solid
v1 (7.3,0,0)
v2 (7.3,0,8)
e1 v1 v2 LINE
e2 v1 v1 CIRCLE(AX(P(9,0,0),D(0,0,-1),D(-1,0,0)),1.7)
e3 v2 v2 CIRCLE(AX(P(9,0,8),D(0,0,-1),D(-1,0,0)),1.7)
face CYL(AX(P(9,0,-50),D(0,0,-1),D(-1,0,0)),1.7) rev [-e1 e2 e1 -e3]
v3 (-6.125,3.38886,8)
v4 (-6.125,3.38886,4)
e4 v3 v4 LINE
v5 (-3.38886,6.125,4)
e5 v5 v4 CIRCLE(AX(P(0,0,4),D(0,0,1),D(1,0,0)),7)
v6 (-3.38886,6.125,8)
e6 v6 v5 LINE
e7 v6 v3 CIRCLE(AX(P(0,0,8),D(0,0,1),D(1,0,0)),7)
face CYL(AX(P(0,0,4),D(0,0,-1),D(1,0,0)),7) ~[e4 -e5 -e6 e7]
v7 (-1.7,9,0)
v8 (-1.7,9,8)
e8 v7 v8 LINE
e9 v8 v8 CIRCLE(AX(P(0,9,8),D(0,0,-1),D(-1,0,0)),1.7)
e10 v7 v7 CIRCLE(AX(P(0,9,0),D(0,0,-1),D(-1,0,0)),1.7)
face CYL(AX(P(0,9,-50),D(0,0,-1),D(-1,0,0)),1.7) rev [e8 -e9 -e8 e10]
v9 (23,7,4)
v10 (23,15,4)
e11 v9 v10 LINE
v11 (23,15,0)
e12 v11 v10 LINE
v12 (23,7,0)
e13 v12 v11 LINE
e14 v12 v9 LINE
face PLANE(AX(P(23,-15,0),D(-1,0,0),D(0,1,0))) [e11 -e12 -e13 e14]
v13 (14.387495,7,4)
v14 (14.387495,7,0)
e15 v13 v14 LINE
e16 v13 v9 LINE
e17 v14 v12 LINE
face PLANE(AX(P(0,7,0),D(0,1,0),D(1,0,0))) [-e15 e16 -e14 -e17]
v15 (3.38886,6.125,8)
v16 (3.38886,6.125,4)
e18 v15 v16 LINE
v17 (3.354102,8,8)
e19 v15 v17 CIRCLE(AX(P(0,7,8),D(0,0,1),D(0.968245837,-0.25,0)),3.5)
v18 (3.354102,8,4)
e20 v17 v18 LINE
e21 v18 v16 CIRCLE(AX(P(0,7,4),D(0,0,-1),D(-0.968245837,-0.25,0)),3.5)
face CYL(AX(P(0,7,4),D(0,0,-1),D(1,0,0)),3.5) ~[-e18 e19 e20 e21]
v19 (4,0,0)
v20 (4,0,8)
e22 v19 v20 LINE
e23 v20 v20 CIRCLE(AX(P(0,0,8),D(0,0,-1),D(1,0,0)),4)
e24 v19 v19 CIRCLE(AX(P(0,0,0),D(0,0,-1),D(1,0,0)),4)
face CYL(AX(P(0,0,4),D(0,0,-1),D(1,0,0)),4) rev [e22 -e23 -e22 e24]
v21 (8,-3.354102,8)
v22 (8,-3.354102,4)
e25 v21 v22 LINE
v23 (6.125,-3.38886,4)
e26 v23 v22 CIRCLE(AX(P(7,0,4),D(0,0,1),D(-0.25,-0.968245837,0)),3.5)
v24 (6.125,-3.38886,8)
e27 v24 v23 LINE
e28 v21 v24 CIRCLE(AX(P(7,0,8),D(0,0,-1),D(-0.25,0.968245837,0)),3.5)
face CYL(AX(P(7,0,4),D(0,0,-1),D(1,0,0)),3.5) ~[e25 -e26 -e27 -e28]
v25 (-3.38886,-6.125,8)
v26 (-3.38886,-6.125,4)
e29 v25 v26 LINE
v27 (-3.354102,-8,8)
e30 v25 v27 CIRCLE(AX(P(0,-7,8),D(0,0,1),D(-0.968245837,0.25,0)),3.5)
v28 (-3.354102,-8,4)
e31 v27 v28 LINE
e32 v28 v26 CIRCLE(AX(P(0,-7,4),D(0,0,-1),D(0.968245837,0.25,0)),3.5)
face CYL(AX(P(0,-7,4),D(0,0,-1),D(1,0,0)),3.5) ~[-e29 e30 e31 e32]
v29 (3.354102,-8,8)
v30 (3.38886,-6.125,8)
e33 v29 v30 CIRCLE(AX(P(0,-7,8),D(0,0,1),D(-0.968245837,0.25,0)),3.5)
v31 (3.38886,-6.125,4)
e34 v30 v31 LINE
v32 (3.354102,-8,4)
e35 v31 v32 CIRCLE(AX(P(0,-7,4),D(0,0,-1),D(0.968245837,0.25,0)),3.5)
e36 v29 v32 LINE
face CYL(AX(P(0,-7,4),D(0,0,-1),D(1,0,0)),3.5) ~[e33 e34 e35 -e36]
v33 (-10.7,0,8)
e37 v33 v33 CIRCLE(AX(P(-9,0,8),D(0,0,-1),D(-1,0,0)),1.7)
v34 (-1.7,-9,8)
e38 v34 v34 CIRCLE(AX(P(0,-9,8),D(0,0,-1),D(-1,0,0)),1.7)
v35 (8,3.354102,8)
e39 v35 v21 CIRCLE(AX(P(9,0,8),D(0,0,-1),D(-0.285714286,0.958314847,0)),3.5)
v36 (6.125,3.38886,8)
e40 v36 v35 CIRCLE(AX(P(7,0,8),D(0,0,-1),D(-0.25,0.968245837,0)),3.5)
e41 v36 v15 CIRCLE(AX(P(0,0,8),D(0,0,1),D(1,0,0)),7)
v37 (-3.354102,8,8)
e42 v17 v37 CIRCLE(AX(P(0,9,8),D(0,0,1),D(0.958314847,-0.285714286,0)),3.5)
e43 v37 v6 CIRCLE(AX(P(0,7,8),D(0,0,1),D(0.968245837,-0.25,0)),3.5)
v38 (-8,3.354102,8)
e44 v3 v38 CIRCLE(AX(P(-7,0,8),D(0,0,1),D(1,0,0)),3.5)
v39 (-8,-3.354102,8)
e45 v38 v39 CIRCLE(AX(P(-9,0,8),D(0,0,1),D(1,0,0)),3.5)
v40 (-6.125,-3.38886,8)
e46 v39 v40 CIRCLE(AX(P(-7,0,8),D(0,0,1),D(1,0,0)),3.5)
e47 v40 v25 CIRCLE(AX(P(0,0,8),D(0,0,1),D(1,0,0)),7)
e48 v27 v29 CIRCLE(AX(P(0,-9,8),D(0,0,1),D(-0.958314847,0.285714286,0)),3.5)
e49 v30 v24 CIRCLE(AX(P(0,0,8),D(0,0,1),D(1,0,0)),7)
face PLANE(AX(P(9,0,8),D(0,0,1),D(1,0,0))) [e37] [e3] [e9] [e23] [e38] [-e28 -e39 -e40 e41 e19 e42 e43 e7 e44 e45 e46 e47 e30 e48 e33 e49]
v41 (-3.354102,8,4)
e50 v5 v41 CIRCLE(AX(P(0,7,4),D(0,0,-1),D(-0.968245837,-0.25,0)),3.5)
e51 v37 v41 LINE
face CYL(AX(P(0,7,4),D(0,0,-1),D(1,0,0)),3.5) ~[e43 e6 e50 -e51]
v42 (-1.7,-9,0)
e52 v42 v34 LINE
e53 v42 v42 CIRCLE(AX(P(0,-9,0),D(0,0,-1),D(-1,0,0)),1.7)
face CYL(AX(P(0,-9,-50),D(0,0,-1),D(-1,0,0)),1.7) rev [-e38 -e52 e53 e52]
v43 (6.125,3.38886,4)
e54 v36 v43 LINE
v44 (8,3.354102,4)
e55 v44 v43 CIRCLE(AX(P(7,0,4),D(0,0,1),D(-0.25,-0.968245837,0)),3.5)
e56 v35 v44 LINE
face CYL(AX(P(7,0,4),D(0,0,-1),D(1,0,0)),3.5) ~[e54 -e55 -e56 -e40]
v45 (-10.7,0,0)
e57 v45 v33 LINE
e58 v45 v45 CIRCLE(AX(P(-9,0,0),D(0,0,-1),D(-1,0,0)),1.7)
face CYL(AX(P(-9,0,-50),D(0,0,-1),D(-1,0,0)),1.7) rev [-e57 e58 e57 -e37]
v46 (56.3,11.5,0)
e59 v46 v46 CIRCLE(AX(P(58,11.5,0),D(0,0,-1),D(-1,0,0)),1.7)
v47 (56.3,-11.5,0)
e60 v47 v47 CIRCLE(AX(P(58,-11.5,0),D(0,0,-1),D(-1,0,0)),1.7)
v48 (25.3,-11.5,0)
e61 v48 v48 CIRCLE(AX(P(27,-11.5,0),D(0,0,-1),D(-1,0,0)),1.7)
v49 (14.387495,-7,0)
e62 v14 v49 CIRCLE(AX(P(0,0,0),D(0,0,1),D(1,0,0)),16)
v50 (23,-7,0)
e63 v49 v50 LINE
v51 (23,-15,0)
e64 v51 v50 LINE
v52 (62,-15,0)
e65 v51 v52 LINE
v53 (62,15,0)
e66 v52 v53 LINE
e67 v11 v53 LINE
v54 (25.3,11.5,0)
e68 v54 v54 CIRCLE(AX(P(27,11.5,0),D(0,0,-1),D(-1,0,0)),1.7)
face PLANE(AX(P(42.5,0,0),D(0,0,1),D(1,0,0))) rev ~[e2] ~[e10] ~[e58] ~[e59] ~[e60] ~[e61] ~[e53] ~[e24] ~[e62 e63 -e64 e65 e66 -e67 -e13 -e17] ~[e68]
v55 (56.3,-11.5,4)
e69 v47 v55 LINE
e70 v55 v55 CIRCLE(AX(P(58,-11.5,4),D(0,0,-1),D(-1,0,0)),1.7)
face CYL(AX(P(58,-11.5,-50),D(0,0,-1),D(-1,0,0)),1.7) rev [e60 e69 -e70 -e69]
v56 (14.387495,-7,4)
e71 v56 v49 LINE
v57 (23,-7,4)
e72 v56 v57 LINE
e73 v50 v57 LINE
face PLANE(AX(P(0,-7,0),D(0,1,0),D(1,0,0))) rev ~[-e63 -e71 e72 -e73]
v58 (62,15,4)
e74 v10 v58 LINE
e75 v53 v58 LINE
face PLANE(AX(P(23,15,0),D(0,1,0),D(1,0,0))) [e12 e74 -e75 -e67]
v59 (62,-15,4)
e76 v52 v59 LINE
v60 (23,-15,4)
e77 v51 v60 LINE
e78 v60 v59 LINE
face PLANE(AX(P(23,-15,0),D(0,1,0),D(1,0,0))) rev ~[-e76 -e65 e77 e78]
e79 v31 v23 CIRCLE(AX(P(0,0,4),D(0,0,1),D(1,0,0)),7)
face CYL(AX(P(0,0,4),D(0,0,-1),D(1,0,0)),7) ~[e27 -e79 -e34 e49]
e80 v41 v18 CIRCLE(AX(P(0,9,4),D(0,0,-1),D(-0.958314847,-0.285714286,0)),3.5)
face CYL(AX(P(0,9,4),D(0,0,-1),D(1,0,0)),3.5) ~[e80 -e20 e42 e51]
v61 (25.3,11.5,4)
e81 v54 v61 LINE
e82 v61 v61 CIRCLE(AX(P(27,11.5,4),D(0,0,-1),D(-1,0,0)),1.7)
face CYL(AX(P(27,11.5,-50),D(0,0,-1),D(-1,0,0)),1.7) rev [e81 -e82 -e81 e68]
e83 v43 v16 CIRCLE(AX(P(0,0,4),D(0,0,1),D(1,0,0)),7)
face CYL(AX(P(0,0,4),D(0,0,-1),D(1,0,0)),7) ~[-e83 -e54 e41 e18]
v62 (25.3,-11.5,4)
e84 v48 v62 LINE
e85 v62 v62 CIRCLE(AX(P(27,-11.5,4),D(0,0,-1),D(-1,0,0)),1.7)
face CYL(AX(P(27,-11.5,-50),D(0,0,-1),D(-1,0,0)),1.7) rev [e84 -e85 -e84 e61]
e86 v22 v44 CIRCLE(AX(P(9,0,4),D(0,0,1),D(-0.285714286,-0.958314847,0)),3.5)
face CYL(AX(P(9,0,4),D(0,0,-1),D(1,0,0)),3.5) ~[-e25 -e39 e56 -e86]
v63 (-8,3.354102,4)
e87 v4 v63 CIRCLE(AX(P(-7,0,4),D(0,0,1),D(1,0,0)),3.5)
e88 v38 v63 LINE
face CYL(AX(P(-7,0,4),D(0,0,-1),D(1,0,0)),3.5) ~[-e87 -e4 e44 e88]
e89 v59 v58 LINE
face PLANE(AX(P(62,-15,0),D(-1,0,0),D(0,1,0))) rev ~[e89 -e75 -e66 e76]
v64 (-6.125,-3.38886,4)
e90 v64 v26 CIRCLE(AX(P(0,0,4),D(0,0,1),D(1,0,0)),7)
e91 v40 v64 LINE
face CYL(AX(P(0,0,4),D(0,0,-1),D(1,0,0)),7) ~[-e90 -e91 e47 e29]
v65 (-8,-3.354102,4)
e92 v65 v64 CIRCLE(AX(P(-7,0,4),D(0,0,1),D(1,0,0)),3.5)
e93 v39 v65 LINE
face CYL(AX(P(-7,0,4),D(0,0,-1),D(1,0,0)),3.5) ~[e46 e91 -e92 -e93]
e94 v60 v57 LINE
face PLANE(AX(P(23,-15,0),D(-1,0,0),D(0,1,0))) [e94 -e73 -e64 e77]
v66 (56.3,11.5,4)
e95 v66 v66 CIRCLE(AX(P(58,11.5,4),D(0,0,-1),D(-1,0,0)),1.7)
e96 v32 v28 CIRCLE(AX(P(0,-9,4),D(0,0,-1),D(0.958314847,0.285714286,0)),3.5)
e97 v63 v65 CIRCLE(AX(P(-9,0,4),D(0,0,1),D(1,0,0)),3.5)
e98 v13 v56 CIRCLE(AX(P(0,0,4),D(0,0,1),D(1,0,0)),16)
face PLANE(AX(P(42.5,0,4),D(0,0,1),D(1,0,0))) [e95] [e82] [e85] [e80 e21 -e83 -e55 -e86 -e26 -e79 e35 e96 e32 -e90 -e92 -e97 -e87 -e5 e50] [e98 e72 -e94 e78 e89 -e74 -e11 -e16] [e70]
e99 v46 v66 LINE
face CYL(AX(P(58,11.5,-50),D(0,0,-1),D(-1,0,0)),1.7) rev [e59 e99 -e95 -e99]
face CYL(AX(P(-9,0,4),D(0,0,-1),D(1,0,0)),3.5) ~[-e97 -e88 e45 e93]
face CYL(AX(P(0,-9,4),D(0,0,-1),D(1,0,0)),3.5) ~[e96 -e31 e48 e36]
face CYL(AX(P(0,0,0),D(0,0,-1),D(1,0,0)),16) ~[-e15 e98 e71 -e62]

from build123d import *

# Parameters (mm, degrees)
METAL_HORN_FLANGE_PROFILE_R              = 16
METAL_HORN_FLANGE_DEPTH                  = 4
STRAIGHT_FOREARM_WEB_PROFILE_W           = 28
STRAIGHT_FOREARM_WEB_PROFILE_H           = 14
STRAIGHT_FOREARM_WEB_DEPTH               = 4
REPLACEABLE_TOOL_MOUNTING_DECK_PROFILE_W = 39
REPLACEABLE_TOOL_MOUNTING_DECK_PROFILE_H = 30
REPLACEABLE_TOOL_MOUNTING_DECK_DEPTH     = 4
DOWEL_SUPPORT_HUB_START                  = 4
DOWEL_SUPPORT_HUB_PROFILE_R              = 7
DOWEL_SUPPORT_HUB_PROFILE_R_2            = 4
DOWEL_SUPPORT_HUB_DEPTH                  = 4
WASHER_SEATS_CLEAR_DOWEL_SLEEVE_START    = 4
RAISED_WASHER_SEATS_PCD14_R              = 3.5
WASHER_SEATS_CLEAR_DOWEL_SLEEVE_DEPTH    = 4
ELBOW_SLEEVE_BORE_START                  = -50
ELBOW_SLEEVE_BORE_PROFILE_R              = 4
ELBOW_SLEEVE_BORE_DEPTH                  = 115.52906322
MODULAR_TOOL_FOUR_M3_PATTERN_START       = -50
MODULAR_TOOL_FOUR_M3_PATTERN_PROFILE_R   = 1.7
MODULAR_TOOL_FOUR_M3_PATTERN_DEPTH       = 115.52906322
PRINTED_HUB_M3_WASHER_SEATS_PCD18_START  = 4
PRINTED_HUB_WASHER_SEATS_PCD18_PROFILE_R = 3.5
PRINTED_HUB_M3_WASHER_SEATS_PCD18_DEPTH  = 4
PRINTED_HUB_M3_CLEARANCE_PCD18_START     = -50
PRINTED_HUB_M3_CLEARANCE_PCD18_PROFILE_R = 1.7
PRINTED_HUB_M3_CLEARANCE_PCD18_DEPTH     = 115.52906322


with BuildPart() as part:
    # Metal_horn_flange_profile → Metal_horn_flange (new body)
    with BuildSketch(Plane.XY):
        Circle(METAL_HORN_FLANGE_PROFILE_R)
    extrude(amount=METAL_HORN_FLANGE_DEPTH)

    # Straight_forearm_web_profile → Straight_forearm_web (add)
    with BuildSketch(Plane.XY):
        with Locations((14, 0)):
            Rectangle(STRAIGHT_FOREARM_WEB_PROFILE_W, STRAIGHT_FOREARM_WEB_PROFILE_H)
    extrude(amount=STRAIGHT_FOREARM_WEB_DEPTH)

    # Replaceable_tool_mounting_deck_profile → Replaceable_tool_mounting_deck (add)
    with BuildSketch(Plane.XY):
        with Locations((42.5, 0)):
            Rectangle(REPLACEABLE_TOOL_MOUNTING_DECK_PROFILE_W, REPLACEABLE_TOOL_MOUNTING_DECK_PROFILE_H)
    extrude(amount=REPLACEABLE_TOOL_MOUNTING_DECK_DEPTH)

    # Dowel_support_hub_profile → Dowel_support_hub (add)
    with BuildSketch(Plane.XY.offset(DOWEL_SUPPORT_HUB_START)):
        Circle(DOWEL_SUPPORT_HUB_PROFILE_R)
        Circle(DOWEL_SUPPORT_HUB_PROFILE_R_2, mode=Mode.SUBTRACT)
    extrude(amount=DOWEL_SUPPORT_HUB_DEPTH)

    # Raised_washer_seats_PCD14 → Washer_seats_clear_dowel_sleeve (add)
    with BuildSketch(Plane.XY.offset(WASHER_SEATS_CLEAR_DOWEL_SLEEVE_START)):
        with Locations((7, 0)):
            Circle(RAISED_WASHER_SEATS_PCD14_R)
        with Locations((-7, 0)):
            Circle(RAISED_WASHER_SEATS_PCD14_R)
        with Locations((0, 7)):
            Circle(RAISED_WASHER_SEATS_PCD14_R)
        with Locations((0, -7)):
            Circle(RAISED_WASHER_SEATS_PCD14_R)
    extrude(amount=WASHER_SEATS_CLEAR_DOWEL_SLEEVE_DEPTH)

    # Elbow_sleeve_bore_profile → Elbow_sleeve_bore (cut, through all)
    with BuildSketch(Plane.XY.offset(ELBOW_SLEEVE_BORE_START)):
        Circle(ELBOW_SLEEVE_BORE_PROFILE_R)
    extrude(amount=ELBOW_SLEEVE_BORE_DEPTH, mode=Mode.SUBTRACT)

    # Modular_tool_four_M3_pattern_profile → Modular_tool_four_M3_pattern (cut, through all)
    with BuildSketch(Plane.XY.offset(MODULAR_TOOL_FOUR_M3_PATTERN_START)):
        with Locations((27, -11.5)):
            Circle(MODULAR_TOOL_FOUR_M3_PATTERN_PROFILE_R)
        with Locations((27, 11.5)):
            Circle(MODULAR_TOOL_FOUR_M3_PATTERN_PROFILE_R)
        with Locations((58, -11.5)):
            Circle(MODULAR_TOOL_FOUR_M3_PATTERN_PROFILE_R)
        with Locations((58, 11.5)):
            Circle(MODULAR_TOOL_FOUR_M3_PATTERN_PROFILE_R)
    extrude(amount=MODULAR_TOOL_FOUR_M3_PATTERN_DEPTH, mode=Mode.SUBTRACT)

    # Printed_hub_washer_seats_PCD18_profile → Printed_hub_M3_washer_seats_PCD18 (add)
    with BuildSketch(Plane.XY.offset(PRINTED_HUB_M3_WASHER_SEATS_PCD18_START)):
        with Locations((9, 0)):
            Circle(PRINTED_HUB_WASHER_SEATS_PCD18_PROFILE_R)
        with Locations((0, 9)):
            Circle(PRINTED_HUB_WASHER_SEATS_PCD18_PROFILE_R)
        with Locations((-9, 0)):
            Circle(PRINTED_HUB_WASHER_SEATS_PCD18_PROFILE_R)
        with Locations((0, -9)):
            Circle(PRINTED_HUB_WASHER_SEATS_PCD18_PROFILE_R)
    extrude(amount=PRINTED_HUB_M3_WASHER_SEATS_PCD18_DEPTH)

    # Printed_hub_M3_clearance_PCD18_profile → Printed_hub_M3_clearance_PCD18 (cut, through all)
    with BuildSketch(Plane.XY.offset(PRINTED_HUB_M3_CLEARANCE_PCD18_START)):
        with Locations((9, 0)):
            Circle(PRINTED_HUB_M3_CLEARANCE_PCD18_PROFILE_R)
        with Locations((0, 9)):
            Circle(PRINTED_HUB_M3_CLEARANCE_PCD18_PROFILE_R)
        with Locations((-9, 0)):
            Circle(PRINTED_HUB_M3_CLEARANCE_PCD18_PROFILE_R)
        with Locations((0, -9)):
            Circle(PRINTED_HUB_M3_CLEARANCE_PCD18_PROFILE_R)
    extrude(amount=PRINTED_HUB_M3_CLEARANCE_PCD18_DEPTH, mode=Mode.SUBTRACT)


solid = part.part
